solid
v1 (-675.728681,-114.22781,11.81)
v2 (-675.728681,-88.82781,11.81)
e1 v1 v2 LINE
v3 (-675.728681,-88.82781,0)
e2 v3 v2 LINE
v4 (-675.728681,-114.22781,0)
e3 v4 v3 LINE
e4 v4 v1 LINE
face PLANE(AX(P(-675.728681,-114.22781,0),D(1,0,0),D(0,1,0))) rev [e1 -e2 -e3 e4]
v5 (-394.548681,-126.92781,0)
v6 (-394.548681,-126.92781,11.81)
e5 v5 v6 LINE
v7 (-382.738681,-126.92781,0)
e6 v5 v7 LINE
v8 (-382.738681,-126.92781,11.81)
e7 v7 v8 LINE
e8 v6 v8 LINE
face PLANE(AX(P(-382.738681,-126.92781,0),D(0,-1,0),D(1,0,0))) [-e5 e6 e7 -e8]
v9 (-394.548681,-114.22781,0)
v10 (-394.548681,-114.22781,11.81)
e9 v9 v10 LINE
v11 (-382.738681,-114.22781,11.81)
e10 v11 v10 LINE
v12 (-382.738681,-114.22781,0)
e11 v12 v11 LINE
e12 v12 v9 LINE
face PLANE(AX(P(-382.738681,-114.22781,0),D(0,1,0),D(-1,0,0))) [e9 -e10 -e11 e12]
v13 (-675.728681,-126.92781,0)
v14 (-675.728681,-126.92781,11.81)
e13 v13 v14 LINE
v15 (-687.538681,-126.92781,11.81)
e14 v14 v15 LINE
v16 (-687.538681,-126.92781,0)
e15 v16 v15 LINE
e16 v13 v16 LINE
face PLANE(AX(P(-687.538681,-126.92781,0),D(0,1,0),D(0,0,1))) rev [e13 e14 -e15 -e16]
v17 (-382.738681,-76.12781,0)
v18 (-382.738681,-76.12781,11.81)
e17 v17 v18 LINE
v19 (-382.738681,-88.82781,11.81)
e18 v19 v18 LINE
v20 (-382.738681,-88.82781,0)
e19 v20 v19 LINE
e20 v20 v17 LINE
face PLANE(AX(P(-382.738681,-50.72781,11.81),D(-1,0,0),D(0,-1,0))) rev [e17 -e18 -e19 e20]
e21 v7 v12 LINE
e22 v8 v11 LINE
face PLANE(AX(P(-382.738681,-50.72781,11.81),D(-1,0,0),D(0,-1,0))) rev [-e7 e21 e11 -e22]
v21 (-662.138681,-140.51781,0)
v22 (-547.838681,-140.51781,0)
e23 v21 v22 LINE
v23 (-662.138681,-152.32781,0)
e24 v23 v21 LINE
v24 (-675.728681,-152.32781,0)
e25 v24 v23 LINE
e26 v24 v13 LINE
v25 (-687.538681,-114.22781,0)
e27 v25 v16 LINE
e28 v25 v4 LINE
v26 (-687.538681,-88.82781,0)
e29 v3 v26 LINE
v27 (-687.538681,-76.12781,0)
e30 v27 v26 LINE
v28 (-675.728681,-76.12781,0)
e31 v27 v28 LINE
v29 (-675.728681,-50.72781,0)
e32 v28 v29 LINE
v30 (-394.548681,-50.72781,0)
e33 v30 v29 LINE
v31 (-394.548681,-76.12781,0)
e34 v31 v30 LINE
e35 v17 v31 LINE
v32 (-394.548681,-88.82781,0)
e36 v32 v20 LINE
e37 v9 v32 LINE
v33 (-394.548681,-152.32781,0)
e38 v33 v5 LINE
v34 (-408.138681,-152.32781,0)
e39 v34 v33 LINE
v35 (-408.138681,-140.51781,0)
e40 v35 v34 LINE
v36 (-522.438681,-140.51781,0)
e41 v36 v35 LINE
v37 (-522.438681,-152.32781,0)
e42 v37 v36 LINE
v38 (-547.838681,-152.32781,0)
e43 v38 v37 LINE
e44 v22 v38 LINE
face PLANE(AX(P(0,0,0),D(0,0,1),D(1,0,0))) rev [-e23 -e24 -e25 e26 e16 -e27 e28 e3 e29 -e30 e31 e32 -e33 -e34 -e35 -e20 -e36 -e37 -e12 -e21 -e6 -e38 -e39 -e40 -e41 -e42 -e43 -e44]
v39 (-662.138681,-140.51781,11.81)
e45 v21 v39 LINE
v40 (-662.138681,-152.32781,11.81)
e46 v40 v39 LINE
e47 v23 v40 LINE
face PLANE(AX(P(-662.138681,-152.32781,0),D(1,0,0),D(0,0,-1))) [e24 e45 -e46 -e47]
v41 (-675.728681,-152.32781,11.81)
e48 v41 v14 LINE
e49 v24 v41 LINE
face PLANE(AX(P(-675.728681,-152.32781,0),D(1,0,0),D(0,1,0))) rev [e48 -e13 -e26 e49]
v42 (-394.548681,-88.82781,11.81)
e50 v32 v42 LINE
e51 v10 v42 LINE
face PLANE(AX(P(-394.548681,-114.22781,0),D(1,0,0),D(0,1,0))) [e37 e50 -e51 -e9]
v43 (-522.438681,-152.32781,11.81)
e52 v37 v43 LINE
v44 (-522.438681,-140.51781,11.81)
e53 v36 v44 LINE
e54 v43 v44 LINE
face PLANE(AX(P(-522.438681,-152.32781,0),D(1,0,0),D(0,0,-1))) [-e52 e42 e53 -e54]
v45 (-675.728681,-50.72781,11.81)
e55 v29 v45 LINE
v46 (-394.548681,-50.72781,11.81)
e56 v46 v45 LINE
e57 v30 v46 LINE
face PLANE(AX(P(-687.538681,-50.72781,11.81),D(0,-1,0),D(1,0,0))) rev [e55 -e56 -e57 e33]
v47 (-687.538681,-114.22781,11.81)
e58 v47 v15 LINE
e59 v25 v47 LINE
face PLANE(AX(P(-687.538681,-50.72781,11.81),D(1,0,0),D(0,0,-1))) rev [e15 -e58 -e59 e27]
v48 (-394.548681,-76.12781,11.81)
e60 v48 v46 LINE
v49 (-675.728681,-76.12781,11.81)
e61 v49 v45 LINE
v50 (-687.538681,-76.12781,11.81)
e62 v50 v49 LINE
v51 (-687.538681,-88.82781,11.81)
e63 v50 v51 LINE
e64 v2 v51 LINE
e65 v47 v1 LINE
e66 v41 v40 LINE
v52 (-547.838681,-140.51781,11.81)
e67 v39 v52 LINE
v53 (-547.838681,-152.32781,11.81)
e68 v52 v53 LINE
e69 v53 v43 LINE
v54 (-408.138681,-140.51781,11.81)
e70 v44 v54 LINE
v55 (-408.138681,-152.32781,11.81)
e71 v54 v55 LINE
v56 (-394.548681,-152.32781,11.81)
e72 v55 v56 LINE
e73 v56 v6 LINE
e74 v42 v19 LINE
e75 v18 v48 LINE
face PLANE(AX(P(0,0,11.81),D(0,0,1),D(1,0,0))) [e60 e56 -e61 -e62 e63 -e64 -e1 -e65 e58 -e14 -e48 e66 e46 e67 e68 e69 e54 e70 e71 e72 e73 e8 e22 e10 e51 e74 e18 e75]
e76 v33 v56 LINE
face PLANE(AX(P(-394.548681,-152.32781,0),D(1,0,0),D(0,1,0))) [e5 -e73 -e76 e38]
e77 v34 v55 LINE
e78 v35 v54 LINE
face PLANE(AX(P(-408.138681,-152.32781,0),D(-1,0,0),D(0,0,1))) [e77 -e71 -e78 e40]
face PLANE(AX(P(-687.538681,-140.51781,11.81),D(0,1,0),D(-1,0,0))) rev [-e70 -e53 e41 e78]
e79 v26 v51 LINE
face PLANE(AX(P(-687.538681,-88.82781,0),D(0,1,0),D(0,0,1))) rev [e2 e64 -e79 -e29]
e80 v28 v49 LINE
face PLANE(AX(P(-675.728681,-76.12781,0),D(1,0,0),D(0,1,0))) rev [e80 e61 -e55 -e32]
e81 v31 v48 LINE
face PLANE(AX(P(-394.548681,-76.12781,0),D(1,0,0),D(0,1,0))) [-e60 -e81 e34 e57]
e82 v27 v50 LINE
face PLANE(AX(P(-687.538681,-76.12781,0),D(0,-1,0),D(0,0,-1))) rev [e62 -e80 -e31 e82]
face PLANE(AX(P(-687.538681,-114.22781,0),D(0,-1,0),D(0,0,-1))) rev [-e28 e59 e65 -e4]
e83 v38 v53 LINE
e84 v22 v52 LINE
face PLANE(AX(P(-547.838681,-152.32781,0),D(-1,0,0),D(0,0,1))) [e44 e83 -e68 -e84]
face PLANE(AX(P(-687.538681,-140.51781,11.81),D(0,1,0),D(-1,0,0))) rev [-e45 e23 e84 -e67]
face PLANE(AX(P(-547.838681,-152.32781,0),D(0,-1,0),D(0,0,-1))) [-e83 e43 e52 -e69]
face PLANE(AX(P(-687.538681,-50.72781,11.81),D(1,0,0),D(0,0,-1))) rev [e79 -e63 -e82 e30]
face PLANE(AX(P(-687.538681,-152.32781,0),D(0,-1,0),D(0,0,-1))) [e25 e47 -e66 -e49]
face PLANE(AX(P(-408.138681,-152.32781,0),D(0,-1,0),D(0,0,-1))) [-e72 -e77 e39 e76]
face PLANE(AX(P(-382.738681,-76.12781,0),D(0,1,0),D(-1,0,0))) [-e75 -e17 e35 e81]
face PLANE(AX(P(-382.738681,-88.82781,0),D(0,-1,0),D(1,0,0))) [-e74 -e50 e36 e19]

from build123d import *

# Parameters (mm, degrees)
BASE_SKETCH_W           = 304.8
BASE_SKETCH_H           = 89.79
BOSS_EXTRUDE1_DEPTH     = 11.81
JOINT_X_W               = 25.4
JOINT_X_H               = 11.81
BOSS_EXTRUDE2_DEPTH     = 11.81
JOINT_Y_W               = 11.81
JOINT_Y_H               = 25.4
CUT_EXTRUDE1_DEPTH      = 705.310070992
LPATTERN1_COUNT         = 3
LPATTERN1_PITCH         = 139.7
LPATTERN2_COUNT         = 3
LPATTERN2_PITCH         = 38.1
MIRROR1_COPY_1_SKETCH_W = 11.81
MIRROR1_COPY_1_SKETCH_H = 25.4
MIRROR1_COPY_1_DEPTH    = 705.310070992
MIRROR1_COPY_2_SKETCH_W = 11.81
MIRROR1_COPY_2_SKETCH_H = 25.4
MIRROR1_COPY_2_DEPTH    = 705.310070992


with BuildPart() as part:
    # Base_Sketch → Boss-Extrude1 (new body)
    with BuildSketch(Plane.XY):
        with Locations((-535.138681284, -95.622810132)):
            Rectangle(BASE_SKETCH_W, BASE_SKETCH_H)
    extrude(amount=BOSS_EXTRUDE1_DEPTH)

    # Joint_X → Boss-Extrude2 (add)
    with BuildSketch(Plane.XY.offset(11.81)):
        with Locations((-674.838681284, -146.422810132)):
            Rectangle(JOINT_X_W, JOINT_X_H)
    boss_extrude2 = extrude(amount=-BOSS_EXTRUDE2_DEPTH)

    # Joint_Y → Cut-Extrude1 (cut, through all)
    with BuildSketch(Plane.XY.offset(11.81)):
        with Locations((-681.633681284, -139.627810132)):
            Rectangle(JOINT_Y_W, JOINT_Y_H)
    cut_extrude1 = extrude(amount=-CUT_EXTRUDE1_DEPTH, mode=Mode.SUBTRACT)

    # LPattern1: Boss-Extrude2 ×3
    with Locations(*[(i * LPATTERN1_PITCH, 0, 0) for i in range(1, LPATTERN1_COUNT)]):
        add(boss_extrude2)

    # LPattern2: Cut-Extrude1 ×3
    with Locations(*[(0, i * LPATTERN2_PITCH, 0) for i in range(1, LPATTERN2_COUNT)]):
        add(cut_extrude1, mode=Mode.SUBTRACT)

    # Mirror1: Cut-Extrude1 across plane
    add(cut_extrude1.mirror(Plane.ZY.offset(535.138681284)), mode=Mode.SUBTRACT)

    # Mirror1 copy 1 sketch → Mirror1 copy 1 (cut, through all)
    with BuildSketch(Plane(origin=(-1070.277362567, 38.1, 11.81), x_dir=(-1, 0, 0), z_dir=(0, 0, 1))):
        with Locations((-681.633681284, 139.627810132)):
            Rectangle(MIRROR1_COPY_1_SKETCH_W, MIRROR1_COPY_1_SKETCH_H)
    extrude(amount=-MIRROR1_COPY_1_DEPTH, mode=Mode.SUBTRACT)

    # Mirror1 copy 2 sketch → Mirror1 copy 2 (cut, through all)
    with BuildSketch(Plane(origin=(-1070.277362567, 76.2, 11.81), x_dir=(-1, 0, 0), z_dir=(0, 0, 1))):
        with Locations((-681.633681284, 139.627810132)):
            Rectangle(MIRROR1_COPY_2_SKETCH_W, MIRROR1_COPY_2_SKETCH_H)
    extrude(amount=-MIRROR1_COPY_2_DEPTH, mode=Mode.SUBTRACT)


solid = part.part
